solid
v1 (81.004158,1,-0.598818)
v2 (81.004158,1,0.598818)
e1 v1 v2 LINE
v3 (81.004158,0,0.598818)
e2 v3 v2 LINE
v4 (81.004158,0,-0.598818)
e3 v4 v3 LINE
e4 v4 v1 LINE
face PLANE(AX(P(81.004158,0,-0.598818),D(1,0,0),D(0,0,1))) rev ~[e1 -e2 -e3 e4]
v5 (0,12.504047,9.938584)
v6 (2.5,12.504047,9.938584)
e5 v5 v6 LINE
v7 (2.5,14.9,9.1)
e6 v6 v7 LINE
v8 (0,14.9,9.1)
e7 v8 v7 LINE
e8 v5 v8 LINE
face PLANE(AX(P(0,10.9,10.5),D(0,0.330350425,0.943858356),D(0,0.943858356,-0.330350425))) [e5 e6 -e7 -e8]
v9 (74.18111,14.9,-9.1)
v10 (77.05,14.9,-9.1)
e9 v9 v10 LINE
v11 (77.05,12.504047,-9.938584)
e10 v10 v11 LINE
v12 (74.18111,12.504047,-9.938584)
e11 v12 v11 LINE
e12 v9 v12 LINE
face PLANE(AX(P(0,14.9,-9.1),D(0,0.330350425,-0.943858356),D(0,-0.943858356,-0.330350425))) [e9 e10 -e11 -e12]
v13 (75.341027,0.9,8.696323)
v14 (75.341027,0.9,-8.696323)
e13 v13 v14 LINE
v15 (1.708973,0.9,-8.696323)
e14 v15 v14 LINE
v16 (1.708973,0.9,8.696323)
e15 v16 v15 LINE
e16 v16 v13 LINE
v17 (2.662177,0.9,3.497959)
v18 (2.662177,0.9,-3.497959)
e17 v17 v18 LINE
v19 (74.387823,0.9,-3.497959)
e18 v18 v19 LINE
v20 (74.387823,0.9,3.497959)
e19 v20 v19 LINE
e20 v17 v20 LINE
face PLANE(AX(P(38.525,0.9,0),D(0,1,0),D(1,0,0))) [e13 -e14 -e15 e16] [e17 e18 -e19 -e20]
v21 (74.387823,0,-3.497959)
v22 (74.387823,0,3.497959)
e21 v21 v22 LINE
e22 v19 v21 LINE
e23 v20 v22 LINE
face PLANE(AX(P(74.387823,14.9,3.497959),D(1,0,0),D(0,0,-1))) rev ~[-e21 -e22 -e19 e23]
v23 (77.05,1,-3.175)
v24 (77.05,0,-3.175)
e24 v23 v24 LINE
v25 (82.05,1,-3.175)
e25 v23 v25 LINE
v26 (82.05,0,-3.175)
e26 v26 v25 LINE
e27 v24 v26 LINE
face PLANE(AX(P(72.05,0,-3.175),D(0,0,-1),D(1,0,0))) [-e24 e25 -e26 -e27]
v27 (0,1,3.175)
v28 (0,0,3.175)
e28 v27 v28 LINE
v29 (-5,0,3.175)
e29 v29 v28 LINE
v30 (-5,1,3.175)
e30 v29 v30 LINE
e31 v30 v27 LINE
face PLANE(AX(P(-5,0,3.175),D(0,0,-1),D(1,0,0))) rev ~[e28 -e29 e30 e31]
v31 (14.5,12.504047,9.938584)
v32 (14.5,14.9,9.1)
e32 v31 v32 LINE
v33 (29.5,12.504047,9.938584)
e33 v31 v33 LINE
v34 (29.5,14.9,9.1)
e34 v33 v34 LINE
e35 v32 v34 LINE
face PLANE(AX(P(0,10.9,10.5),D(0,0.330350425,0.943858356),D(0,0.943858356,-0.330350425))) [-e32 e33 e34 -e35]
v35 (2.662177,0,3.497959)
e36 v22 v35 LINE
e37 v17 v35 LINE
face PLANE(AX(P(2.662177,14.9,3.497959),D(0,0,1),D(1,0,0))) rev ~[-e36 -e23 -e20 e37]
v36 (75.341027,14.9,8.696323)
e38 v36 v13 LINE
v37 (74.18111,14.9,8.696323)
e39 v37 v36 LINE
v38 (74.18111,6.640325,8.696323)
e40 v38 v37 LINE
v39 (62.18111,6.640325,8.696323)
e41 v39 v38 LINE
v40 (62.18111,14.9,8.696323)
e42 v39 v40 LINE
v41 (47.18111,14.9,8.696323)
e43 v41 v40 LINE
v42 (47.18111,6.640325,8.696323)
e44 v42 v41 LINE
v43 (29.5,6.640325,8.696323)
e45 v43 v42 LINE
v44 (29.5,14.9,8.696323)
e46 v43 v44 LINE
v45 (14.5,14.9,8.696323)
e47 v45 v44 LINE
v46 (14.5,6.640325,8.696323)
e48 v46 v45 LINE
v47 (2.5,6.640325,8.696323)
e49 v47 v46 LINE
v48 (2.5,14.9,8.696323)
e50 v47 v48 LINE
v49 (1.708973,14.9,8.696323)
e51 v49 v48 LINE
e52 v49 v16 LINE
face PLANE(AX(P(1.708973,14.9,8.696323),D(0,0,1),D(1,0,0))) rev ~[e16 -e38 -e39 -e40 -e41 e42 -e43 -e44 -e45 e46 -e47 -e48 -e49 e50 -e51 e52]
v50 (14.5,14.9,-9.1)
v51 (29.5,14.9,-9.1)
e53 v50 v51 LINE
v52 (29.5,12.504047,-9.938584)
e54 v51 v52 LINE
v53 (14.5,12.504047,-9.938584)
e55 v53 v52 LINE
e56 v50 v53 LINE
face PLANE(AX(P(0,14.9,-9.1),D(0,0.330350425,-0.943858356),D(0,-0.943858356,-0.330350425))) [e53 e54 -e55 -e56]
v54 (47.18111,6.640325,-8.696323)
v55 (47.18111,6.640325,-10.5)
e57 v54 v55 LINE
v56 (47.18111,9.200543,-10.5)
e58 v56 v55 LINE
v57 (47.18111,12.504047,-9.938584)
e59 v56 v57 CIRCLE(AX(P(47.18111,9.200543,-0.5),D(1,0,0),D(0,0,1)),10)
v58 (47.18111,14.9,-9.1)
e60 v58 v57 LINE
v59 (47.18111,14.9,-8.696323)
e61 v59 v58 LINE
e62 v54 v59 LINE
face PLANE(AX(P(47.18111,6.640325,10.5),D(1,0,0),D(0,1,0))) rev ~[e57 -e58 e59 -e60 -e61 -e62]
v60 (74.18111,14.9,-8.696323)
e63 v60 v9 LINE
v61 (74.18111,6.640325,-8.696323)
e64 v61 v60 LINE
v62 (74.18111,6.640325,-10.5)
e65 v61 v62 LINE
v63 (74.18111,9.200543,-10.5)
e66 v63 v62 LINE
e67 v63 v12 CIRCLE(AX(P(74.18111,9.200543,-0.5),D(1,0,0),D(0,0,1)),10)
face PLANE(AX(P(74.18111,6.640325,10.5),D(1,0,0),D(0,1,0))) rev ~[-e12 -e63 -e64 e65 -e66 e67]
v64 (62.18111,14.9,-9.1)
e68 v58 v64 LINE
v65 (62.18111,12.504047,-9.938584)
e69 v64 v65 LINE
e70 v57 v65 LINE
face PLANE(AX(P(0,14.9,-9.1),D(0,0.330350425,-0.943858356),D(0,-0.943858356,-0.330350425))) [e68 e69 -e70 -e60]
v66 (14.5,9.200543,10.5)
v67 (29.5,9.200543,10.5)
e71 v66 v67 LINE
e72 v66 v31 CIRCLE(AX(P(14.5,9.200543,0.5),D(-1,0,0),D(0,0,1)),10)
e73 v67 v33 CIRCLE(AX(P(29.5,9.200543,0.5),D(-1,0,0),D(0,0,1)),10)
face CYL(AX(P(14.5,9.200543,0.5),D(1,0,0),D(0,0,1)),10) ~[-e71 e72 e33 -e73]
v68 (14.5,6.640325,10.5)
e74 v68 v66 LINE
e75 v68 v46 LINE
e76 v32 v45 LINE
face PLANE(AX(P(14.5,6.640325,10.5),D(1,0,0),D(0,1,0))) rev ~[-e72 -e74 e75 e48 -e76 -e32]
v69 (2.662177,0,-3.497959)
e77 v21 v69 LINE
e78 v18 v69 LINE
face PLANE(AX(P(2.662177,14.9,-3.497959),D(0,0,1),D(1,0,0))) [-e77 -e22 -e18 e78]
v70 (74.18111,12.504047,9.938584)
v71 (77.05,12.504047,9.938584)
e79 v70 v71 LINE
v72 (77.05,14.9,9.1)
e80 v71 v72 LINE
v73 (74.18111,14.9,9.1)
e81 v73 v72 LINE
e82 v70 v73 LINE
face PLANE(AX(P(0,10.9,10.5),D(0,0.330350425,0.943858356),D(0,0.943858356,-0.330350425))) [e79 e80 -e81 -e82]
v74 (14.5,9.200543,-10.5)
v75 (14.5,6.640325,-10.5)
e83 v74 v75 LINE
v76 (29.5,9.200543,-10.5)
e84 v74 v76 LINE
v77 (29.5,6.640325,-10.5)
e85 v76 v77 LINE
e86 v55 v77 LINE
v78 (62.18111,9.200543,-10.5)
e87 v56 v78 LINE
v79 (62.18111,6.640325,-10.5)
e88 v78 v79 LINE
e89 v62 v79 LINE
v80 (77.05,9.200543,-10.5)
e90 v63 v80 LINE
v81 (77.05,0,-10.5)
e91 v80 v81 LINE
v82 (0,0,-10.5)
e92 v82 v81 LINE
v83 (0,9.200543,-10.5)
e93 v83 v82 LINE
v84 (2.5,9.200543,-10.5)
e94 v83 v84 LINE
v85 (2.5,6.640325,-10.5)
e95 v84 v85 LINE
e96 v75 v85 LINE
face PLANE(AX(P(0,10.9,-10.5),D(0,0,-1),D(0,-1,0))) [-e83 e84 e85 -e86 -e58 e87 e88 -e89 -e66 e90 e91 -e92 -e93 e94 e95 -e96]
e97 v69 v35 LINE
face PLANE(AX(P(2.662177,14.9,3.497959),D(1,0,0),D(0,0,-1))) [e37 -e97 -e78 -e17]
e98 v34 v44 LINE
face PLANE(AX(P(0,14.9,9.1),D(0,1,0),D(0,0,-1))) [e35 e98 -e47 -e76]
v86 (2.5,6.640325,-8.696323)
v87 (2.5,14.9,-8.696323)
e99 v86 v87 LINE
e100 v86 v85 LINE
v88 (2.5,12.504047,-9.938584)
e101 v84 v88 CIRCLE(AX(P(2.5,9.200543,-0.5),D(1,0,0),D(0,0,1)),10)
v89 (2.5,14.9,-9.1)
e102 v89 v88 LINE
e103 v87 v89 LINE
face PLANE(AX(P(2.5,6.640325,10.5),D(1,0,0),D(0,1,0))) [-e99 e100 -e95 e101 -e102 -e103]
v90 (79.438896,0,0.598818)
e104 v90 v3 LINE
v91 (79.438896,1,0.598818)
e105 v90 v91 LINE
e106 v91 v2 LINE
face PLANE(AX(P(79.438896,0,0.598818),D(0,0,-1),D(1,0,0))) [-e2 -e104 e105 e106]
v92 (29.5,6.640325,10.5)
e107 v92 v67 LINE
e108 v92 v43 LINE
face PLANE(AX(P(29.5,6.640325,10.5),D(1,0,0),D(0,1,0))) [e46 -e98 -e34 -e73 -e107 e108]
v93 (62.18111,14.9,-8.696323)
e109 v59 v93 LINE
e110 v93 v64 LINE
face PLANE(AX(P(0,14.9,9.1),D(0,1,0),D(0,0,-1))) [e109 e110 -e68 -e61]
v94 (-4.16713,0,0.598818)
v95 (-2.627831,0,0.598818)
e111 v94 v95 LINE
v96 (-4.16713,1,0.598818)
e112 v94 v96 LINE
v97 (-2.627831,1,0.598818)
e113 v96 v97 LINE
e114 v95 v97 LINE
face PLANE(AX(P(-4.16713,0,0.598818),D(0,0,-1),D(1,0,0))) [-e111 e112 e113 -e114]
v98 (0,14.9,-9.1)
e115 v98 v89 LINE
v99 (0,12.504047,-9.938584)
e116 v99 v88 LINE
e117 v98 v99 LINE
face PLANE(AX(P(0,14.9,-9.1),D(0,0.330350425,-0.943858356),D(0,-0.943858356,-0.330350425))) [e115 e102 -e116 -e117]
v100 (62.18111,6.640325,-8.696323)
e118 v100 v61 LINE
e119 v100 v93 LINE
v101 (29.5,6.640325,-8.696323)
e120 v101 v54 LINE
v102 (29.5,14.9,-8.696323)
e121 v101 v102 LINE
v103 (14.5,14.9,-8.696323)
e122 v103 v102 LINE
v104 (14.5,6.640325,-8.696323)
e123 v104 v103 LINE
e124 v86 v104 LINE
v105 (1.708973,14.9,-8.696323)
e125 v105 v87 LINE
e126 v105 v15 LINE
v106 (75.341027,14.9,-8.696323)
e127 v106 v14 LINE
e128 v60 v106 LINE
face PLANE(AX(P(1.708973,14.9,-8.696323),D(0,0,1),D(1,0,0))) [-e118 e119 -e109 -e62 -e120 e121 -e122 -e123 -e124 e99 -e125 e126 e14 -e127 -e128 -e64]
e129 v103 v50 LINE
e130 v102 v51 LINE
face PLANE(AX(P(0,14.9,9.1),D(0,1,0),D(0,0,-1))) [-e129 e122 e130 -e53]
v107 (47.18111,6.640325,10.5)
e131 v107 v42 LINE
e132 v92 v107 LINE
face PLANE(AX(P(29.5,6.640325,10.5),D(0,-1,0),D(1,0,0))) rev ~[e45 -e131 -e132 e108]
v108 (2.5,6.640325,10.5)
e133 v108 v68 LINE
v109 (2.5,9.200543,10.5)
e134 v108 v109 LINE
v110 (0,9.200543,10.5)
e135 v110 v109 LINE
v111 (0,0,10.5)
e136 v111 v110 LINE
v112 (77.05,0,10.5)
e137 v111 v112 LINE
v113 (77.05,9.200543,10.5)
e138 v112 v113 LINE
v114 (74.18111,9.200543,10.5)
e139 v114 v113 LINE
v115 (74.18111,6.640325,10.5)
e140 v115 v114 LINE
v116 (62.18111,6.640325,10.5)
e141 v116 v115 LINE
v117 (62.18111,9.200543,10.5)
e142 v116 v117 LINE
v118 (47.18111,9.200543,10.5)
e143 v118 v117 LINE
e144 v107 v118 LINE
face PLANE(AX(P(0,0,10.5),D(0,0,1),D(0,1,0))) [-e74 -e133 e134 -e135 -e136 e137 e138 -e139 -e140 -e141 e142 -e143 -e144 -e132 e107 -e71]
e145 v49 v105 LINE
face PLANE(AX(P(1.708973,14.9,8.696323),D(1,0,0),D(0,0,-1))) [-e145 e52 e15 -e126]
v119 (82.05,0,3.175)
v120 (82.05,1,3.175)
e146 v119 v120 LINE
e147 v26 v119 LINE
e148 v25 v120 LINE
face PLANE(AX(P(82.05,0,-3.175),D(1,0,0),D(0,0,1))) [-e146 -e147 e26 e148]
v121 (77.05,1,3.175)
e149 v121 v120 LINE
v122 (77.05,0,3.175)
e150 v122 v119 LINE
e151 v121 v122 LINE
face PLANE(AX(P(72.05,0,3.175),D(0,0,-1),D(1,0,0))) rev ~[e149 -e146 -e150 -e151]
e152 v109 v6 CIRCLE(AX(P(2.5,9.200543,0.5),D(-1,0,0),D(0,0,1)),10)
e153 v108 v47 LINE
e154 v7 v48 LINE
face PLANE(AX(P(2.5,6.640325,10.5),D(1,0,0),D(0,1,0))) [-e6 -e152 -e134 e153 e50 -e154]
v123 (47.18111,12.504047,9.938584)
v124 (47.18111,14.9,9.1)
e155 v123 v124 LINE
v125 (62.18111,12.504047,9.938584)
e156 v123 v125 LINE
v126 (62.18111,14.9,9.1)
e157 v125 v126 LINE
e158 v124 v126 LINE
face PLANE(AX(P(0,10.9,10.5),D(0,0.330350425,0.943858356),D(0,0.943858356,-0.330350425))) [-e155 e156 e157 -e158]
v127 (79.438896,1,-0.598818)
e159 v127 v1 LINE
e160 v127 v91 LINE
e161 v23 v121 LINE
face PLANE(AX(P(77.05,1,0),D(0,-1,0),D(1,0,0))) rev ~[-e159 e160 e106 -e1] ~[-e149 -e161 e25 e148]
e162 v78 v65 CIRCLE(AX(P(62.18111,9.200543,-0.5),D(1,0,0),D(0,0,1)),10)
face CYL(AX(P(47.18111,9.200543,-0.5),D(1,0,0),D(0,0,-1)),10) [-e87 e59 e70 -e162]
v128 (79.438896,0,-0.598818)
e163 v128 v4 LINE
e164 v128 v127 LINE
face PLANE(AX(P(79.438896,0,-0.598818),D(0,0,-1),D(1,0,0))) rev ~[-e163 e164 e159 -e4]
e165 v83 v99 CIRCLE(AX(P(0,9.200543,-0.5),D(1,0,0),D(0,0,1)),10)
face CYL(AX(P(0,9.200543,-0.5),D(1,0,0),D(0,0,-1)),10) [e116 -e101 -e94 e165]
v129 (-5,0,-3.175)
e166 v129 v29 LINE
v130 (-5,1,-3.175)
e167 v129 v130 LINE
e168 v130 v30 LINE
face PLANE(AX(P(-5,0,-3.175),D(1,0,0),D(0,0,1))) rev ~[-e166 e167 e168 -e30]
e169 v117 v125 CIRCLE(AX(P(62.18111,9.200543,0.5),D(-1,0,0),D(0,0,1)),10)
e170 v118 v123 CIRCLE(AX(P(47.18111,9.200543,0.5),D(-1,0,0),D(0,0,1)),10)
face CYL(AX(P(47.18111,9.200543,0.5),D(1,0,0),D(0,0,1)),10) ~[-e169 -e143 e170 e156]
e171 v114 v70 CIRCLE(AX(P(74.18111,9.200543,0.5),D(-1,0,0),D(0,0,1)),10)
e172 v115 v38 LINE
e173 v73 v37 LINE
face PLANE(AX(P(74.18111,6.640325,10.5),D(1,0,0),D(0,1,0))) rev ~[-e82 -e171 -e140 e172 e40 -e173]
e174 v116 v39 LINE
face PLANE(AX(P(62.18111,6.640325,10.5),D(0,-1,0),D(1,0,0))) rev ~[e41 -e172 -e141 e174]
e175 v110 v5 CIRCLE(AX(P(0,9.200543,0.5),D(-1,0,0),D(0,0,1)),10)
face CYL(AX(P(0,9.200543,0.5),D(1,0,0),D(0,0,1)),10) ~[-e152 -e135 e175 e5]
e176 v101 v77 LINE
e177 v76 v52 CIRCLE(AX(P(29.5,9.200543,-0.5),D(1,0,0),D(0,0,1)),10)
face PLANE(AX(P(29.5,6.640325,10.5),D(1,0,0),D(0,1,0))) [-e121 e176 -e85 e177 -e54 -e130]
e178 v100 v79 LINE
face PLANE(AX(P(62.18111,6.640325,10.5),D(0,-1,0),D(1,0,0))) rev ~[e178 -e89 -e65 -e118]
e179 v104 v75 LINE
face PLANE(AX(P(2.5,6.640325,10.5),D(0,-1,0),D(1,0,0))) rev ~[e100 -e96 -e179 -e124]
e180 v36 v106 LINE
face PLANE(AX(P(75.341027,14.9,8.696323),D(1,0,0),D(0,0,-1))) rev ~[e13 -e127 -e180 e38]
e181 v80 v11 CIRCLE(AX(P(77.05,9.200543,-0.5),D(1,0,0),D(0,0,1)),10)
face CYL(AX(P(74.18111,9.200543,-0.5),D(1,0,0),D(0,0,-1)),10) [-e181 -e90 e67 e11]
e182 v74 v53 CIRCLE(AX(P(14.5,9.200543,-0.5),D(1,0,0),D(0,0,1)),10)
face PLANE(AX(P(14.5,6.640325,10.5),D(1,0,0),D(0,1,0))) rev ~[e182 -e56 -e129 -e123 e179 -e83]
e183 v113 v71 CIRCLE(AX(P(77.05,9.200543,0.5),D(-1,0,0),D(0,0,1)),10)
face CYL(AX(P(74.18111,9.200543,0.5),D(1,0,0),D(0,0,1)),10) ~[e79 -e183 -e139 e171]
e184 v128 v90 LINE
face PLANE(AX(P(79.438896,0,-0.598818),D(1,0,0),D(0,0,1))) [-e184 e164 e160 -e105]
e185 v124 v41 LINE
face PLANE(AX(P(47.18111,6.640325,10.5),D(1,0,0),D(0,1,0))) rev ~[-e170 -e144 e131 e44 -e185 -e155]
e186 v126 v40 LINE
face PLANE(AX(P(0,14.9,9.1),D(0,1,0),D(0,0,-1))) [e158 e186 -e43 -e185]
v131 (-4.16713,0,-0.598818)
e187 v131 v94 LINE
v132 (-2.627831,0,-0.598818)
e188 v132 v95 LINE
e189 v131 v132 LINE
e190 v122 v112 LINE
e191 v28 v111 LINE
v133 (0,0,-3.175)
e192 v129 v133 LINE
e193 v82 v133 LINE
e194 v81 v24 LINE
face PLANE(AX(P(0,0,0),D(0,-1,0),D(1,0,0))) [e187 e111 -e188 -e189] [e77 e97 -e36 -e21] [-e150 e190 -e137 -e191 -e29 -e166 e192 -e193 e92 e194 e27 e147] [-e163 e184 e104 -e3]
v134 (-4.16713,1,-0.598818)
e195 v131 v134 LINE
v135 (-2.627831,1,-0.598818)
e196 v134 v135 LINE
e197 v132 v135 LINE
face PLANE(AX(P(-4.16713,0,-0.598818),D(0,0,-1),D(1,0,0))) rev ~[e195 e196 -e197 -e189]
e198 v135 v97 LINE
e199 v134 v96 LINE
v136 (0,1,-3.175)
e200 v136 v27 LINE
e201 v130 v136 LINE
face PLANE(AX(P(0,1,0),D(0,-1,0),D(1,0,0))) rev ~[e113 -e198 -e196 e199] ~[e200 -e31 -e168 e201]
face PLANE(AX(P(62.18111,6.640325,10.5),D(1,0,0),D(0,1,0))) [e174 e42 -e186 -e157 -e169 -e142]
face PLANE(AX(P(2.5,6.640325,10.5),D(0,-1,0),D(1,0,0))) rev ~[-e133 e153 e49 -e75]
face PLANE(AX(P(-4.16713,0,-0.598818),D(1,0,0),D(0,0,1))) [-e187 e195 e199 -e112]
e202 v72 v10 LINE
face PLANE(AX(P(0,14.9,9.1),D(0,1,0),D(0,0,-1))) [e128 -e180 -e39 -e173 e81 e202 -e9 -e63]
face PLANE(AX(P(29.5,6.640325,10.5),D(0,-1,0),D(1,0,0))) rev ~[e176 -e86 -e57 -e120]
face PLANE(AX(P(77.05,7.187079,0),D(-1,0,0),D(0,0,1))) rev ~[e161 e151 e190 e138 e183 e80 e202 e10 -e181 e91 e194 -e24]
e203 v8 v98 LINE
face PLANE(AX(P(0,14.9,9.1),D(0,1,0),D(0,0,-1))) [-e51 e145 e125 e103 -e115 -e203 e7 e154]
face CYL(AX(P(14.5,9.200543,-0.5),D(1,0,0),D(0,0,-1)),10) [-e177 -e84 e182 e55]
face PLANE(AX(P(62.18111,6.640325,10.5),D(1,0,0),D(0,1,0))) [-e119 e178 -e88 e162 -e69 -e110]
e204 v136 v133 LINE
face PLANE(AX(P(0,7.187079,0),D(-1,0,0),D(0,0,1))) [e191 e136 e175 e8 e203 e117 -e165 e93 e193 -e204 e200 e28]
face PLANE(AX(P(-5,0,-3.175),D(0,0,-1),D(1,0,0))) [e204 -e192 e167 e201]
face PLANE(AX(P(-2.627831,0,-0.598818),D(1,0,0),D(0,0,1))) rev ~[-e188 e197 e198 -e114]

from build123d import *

# Parameters (mm, degrees)
BOSS_EXTRU_1_DEPTH      = 77.05
ESQUISSE3_W             = 10
ESQUISSE3_H             = 6.35
BOSS_EXTRU_2_DEPTH      = 1
ESQUISSE5_W             = 1.539298861
ESQUISSE5_H             = 1.197636308
ESQUISSE5_W_2           = 1.565261684
ENL_V_MAT_EXTRU_1_DEPTH = 1
ESQUISSE6_W             = 73.632054576
ESQUISSE6_H             = 17.392646246
ENL_V_MAT_EXTRU_2_DEPTH = 14
ESQUISSE7_W             = 71.72564692
ESQUISSE7_H             = 6.995918618
ENL_V_MAT_EXTRU_3_DEPTH = 16
ESQUISSE8_W             = 12
ESQUISSE8_H             = 8.25967539
ESQUISSE8_W_2           = 17.68111001
ENL_V_MAT_EXTRU_4_DEPTH = 23
CONG_1_R                = 10


with BuildPart() as part:
    # Esquisse1 → Boss.-Extru.1 (new body)
    with BuildSketch(Plane(origin=(0, 0, 0), x_dir=(0, 0, -1), z_dir=(1, 0, 0))):
        Polygon((-10.5, 10.9), (-9.1, 14.9), (9.1, 14.9), (10.5, 10.9), (10.5, 0), (-10.5, 0), align=None)
    extrude(amount=BOSS_EXTRU_1_DEPTH)

    # Esquisse3 → Boss.-Extru.2 (add)
    with BuildSketch(Plane.XZ):
        Rectangle(ESQUISSE3_W, ESQUISSE3_H)
        with Locations((77.05, 0)):
            Rectangle(ESQUISSE3_W, ESQUISSE3_H)
    extrude(amount=-BOSS_EXTRU_2_DEPTH)

    # Esquisse5 → Enlèv. mat.-Extru.1 (cut)
    with BuildSketch(Plane.XZ):
        with Locations((-3.397480153, 0)):
            Rectangle(ESQUISSE5_W, ESQUISSE5_H)
        with Locations((80.22152685, 0)):
            Rectangle(ESQUISSE5_W_2, ESQUISSE5_H)
    extrude(amount=-ENL_V_MAT_EXTRU_1_DEPTH, mode=Mode.SUBTRACT)

    # Esquisse6 → Enlèv. mat.-Extru.2 (cut)
    with BuildSketch(Plane(origin=(0, 14.9, 0), x_dir=(1, 0, 0), z_dir=(0, 1, 0))):
        with Locations((38.525, 0)):
            Rectangle(ESQUISSE6_W, ESQUISSE6_H)
    extrude(amount=-ENL_V_MAT_EXTRU_2_DEPTH, mode=Mode.SUBTRACT)

    # Esquisse7 → Enlèv. mat.-Extru.3 (cut)
    with BuildSketch(Plane(origin=(0, 14.9, 0), x_dir=(1, 0, 0), z_dir=(0, 1, 0))):
        with Locations((38.525, 0)):
            Rectangle(ESQUISSE7_W, ESQUISSE7_H)
    extrude(amount=-ENL_V_MAT_EXTRU_3_DEPTH, mode=Mode.SUBTRACT)

    # Esquisse8 → Enlèv. mat.-Extru.4 (cut)
    with BuildSketch(Plane.XY.offset(10.5)):
        with Locations((8.5, 10.770162305)):
            Rectangle(ESQUISSE8_W, ESQUISSE8_H)
        with Locations((38.340555005, 10.770162305)):
            Rectangle(ESQUISSE8_W_2, ESQUISSE8_H)
        with Locations((68.18111001, 10.770162305)):
            Rectangle(ESQUISSE8_W, ESQUISSE8_H)
    extrude(amount=-ENL_V_MAT_EXTRU_4_DEPTH, mode=Mode.SUBTRACT)

    # Congé1
    cong_1_edges = [part.edges().sort_by_distance(p)[0] for p in [
        (75.615555005, 10.9, 10.5),
        (75.615555005, 10.9, -10.5),
        (1.25, 10.9, 10.5),
        (1.25, 10.9, -10.5),
        (22, 10.9, 10.5),
        (22, 10.9, -10.5),
        (54.68111001, 10.9, 10.5),
        (54.68111001, 10.9, -10.5),
    ]]
    fillet(cong_1_edges, radius=CONG_1_R)


solid = part.part
